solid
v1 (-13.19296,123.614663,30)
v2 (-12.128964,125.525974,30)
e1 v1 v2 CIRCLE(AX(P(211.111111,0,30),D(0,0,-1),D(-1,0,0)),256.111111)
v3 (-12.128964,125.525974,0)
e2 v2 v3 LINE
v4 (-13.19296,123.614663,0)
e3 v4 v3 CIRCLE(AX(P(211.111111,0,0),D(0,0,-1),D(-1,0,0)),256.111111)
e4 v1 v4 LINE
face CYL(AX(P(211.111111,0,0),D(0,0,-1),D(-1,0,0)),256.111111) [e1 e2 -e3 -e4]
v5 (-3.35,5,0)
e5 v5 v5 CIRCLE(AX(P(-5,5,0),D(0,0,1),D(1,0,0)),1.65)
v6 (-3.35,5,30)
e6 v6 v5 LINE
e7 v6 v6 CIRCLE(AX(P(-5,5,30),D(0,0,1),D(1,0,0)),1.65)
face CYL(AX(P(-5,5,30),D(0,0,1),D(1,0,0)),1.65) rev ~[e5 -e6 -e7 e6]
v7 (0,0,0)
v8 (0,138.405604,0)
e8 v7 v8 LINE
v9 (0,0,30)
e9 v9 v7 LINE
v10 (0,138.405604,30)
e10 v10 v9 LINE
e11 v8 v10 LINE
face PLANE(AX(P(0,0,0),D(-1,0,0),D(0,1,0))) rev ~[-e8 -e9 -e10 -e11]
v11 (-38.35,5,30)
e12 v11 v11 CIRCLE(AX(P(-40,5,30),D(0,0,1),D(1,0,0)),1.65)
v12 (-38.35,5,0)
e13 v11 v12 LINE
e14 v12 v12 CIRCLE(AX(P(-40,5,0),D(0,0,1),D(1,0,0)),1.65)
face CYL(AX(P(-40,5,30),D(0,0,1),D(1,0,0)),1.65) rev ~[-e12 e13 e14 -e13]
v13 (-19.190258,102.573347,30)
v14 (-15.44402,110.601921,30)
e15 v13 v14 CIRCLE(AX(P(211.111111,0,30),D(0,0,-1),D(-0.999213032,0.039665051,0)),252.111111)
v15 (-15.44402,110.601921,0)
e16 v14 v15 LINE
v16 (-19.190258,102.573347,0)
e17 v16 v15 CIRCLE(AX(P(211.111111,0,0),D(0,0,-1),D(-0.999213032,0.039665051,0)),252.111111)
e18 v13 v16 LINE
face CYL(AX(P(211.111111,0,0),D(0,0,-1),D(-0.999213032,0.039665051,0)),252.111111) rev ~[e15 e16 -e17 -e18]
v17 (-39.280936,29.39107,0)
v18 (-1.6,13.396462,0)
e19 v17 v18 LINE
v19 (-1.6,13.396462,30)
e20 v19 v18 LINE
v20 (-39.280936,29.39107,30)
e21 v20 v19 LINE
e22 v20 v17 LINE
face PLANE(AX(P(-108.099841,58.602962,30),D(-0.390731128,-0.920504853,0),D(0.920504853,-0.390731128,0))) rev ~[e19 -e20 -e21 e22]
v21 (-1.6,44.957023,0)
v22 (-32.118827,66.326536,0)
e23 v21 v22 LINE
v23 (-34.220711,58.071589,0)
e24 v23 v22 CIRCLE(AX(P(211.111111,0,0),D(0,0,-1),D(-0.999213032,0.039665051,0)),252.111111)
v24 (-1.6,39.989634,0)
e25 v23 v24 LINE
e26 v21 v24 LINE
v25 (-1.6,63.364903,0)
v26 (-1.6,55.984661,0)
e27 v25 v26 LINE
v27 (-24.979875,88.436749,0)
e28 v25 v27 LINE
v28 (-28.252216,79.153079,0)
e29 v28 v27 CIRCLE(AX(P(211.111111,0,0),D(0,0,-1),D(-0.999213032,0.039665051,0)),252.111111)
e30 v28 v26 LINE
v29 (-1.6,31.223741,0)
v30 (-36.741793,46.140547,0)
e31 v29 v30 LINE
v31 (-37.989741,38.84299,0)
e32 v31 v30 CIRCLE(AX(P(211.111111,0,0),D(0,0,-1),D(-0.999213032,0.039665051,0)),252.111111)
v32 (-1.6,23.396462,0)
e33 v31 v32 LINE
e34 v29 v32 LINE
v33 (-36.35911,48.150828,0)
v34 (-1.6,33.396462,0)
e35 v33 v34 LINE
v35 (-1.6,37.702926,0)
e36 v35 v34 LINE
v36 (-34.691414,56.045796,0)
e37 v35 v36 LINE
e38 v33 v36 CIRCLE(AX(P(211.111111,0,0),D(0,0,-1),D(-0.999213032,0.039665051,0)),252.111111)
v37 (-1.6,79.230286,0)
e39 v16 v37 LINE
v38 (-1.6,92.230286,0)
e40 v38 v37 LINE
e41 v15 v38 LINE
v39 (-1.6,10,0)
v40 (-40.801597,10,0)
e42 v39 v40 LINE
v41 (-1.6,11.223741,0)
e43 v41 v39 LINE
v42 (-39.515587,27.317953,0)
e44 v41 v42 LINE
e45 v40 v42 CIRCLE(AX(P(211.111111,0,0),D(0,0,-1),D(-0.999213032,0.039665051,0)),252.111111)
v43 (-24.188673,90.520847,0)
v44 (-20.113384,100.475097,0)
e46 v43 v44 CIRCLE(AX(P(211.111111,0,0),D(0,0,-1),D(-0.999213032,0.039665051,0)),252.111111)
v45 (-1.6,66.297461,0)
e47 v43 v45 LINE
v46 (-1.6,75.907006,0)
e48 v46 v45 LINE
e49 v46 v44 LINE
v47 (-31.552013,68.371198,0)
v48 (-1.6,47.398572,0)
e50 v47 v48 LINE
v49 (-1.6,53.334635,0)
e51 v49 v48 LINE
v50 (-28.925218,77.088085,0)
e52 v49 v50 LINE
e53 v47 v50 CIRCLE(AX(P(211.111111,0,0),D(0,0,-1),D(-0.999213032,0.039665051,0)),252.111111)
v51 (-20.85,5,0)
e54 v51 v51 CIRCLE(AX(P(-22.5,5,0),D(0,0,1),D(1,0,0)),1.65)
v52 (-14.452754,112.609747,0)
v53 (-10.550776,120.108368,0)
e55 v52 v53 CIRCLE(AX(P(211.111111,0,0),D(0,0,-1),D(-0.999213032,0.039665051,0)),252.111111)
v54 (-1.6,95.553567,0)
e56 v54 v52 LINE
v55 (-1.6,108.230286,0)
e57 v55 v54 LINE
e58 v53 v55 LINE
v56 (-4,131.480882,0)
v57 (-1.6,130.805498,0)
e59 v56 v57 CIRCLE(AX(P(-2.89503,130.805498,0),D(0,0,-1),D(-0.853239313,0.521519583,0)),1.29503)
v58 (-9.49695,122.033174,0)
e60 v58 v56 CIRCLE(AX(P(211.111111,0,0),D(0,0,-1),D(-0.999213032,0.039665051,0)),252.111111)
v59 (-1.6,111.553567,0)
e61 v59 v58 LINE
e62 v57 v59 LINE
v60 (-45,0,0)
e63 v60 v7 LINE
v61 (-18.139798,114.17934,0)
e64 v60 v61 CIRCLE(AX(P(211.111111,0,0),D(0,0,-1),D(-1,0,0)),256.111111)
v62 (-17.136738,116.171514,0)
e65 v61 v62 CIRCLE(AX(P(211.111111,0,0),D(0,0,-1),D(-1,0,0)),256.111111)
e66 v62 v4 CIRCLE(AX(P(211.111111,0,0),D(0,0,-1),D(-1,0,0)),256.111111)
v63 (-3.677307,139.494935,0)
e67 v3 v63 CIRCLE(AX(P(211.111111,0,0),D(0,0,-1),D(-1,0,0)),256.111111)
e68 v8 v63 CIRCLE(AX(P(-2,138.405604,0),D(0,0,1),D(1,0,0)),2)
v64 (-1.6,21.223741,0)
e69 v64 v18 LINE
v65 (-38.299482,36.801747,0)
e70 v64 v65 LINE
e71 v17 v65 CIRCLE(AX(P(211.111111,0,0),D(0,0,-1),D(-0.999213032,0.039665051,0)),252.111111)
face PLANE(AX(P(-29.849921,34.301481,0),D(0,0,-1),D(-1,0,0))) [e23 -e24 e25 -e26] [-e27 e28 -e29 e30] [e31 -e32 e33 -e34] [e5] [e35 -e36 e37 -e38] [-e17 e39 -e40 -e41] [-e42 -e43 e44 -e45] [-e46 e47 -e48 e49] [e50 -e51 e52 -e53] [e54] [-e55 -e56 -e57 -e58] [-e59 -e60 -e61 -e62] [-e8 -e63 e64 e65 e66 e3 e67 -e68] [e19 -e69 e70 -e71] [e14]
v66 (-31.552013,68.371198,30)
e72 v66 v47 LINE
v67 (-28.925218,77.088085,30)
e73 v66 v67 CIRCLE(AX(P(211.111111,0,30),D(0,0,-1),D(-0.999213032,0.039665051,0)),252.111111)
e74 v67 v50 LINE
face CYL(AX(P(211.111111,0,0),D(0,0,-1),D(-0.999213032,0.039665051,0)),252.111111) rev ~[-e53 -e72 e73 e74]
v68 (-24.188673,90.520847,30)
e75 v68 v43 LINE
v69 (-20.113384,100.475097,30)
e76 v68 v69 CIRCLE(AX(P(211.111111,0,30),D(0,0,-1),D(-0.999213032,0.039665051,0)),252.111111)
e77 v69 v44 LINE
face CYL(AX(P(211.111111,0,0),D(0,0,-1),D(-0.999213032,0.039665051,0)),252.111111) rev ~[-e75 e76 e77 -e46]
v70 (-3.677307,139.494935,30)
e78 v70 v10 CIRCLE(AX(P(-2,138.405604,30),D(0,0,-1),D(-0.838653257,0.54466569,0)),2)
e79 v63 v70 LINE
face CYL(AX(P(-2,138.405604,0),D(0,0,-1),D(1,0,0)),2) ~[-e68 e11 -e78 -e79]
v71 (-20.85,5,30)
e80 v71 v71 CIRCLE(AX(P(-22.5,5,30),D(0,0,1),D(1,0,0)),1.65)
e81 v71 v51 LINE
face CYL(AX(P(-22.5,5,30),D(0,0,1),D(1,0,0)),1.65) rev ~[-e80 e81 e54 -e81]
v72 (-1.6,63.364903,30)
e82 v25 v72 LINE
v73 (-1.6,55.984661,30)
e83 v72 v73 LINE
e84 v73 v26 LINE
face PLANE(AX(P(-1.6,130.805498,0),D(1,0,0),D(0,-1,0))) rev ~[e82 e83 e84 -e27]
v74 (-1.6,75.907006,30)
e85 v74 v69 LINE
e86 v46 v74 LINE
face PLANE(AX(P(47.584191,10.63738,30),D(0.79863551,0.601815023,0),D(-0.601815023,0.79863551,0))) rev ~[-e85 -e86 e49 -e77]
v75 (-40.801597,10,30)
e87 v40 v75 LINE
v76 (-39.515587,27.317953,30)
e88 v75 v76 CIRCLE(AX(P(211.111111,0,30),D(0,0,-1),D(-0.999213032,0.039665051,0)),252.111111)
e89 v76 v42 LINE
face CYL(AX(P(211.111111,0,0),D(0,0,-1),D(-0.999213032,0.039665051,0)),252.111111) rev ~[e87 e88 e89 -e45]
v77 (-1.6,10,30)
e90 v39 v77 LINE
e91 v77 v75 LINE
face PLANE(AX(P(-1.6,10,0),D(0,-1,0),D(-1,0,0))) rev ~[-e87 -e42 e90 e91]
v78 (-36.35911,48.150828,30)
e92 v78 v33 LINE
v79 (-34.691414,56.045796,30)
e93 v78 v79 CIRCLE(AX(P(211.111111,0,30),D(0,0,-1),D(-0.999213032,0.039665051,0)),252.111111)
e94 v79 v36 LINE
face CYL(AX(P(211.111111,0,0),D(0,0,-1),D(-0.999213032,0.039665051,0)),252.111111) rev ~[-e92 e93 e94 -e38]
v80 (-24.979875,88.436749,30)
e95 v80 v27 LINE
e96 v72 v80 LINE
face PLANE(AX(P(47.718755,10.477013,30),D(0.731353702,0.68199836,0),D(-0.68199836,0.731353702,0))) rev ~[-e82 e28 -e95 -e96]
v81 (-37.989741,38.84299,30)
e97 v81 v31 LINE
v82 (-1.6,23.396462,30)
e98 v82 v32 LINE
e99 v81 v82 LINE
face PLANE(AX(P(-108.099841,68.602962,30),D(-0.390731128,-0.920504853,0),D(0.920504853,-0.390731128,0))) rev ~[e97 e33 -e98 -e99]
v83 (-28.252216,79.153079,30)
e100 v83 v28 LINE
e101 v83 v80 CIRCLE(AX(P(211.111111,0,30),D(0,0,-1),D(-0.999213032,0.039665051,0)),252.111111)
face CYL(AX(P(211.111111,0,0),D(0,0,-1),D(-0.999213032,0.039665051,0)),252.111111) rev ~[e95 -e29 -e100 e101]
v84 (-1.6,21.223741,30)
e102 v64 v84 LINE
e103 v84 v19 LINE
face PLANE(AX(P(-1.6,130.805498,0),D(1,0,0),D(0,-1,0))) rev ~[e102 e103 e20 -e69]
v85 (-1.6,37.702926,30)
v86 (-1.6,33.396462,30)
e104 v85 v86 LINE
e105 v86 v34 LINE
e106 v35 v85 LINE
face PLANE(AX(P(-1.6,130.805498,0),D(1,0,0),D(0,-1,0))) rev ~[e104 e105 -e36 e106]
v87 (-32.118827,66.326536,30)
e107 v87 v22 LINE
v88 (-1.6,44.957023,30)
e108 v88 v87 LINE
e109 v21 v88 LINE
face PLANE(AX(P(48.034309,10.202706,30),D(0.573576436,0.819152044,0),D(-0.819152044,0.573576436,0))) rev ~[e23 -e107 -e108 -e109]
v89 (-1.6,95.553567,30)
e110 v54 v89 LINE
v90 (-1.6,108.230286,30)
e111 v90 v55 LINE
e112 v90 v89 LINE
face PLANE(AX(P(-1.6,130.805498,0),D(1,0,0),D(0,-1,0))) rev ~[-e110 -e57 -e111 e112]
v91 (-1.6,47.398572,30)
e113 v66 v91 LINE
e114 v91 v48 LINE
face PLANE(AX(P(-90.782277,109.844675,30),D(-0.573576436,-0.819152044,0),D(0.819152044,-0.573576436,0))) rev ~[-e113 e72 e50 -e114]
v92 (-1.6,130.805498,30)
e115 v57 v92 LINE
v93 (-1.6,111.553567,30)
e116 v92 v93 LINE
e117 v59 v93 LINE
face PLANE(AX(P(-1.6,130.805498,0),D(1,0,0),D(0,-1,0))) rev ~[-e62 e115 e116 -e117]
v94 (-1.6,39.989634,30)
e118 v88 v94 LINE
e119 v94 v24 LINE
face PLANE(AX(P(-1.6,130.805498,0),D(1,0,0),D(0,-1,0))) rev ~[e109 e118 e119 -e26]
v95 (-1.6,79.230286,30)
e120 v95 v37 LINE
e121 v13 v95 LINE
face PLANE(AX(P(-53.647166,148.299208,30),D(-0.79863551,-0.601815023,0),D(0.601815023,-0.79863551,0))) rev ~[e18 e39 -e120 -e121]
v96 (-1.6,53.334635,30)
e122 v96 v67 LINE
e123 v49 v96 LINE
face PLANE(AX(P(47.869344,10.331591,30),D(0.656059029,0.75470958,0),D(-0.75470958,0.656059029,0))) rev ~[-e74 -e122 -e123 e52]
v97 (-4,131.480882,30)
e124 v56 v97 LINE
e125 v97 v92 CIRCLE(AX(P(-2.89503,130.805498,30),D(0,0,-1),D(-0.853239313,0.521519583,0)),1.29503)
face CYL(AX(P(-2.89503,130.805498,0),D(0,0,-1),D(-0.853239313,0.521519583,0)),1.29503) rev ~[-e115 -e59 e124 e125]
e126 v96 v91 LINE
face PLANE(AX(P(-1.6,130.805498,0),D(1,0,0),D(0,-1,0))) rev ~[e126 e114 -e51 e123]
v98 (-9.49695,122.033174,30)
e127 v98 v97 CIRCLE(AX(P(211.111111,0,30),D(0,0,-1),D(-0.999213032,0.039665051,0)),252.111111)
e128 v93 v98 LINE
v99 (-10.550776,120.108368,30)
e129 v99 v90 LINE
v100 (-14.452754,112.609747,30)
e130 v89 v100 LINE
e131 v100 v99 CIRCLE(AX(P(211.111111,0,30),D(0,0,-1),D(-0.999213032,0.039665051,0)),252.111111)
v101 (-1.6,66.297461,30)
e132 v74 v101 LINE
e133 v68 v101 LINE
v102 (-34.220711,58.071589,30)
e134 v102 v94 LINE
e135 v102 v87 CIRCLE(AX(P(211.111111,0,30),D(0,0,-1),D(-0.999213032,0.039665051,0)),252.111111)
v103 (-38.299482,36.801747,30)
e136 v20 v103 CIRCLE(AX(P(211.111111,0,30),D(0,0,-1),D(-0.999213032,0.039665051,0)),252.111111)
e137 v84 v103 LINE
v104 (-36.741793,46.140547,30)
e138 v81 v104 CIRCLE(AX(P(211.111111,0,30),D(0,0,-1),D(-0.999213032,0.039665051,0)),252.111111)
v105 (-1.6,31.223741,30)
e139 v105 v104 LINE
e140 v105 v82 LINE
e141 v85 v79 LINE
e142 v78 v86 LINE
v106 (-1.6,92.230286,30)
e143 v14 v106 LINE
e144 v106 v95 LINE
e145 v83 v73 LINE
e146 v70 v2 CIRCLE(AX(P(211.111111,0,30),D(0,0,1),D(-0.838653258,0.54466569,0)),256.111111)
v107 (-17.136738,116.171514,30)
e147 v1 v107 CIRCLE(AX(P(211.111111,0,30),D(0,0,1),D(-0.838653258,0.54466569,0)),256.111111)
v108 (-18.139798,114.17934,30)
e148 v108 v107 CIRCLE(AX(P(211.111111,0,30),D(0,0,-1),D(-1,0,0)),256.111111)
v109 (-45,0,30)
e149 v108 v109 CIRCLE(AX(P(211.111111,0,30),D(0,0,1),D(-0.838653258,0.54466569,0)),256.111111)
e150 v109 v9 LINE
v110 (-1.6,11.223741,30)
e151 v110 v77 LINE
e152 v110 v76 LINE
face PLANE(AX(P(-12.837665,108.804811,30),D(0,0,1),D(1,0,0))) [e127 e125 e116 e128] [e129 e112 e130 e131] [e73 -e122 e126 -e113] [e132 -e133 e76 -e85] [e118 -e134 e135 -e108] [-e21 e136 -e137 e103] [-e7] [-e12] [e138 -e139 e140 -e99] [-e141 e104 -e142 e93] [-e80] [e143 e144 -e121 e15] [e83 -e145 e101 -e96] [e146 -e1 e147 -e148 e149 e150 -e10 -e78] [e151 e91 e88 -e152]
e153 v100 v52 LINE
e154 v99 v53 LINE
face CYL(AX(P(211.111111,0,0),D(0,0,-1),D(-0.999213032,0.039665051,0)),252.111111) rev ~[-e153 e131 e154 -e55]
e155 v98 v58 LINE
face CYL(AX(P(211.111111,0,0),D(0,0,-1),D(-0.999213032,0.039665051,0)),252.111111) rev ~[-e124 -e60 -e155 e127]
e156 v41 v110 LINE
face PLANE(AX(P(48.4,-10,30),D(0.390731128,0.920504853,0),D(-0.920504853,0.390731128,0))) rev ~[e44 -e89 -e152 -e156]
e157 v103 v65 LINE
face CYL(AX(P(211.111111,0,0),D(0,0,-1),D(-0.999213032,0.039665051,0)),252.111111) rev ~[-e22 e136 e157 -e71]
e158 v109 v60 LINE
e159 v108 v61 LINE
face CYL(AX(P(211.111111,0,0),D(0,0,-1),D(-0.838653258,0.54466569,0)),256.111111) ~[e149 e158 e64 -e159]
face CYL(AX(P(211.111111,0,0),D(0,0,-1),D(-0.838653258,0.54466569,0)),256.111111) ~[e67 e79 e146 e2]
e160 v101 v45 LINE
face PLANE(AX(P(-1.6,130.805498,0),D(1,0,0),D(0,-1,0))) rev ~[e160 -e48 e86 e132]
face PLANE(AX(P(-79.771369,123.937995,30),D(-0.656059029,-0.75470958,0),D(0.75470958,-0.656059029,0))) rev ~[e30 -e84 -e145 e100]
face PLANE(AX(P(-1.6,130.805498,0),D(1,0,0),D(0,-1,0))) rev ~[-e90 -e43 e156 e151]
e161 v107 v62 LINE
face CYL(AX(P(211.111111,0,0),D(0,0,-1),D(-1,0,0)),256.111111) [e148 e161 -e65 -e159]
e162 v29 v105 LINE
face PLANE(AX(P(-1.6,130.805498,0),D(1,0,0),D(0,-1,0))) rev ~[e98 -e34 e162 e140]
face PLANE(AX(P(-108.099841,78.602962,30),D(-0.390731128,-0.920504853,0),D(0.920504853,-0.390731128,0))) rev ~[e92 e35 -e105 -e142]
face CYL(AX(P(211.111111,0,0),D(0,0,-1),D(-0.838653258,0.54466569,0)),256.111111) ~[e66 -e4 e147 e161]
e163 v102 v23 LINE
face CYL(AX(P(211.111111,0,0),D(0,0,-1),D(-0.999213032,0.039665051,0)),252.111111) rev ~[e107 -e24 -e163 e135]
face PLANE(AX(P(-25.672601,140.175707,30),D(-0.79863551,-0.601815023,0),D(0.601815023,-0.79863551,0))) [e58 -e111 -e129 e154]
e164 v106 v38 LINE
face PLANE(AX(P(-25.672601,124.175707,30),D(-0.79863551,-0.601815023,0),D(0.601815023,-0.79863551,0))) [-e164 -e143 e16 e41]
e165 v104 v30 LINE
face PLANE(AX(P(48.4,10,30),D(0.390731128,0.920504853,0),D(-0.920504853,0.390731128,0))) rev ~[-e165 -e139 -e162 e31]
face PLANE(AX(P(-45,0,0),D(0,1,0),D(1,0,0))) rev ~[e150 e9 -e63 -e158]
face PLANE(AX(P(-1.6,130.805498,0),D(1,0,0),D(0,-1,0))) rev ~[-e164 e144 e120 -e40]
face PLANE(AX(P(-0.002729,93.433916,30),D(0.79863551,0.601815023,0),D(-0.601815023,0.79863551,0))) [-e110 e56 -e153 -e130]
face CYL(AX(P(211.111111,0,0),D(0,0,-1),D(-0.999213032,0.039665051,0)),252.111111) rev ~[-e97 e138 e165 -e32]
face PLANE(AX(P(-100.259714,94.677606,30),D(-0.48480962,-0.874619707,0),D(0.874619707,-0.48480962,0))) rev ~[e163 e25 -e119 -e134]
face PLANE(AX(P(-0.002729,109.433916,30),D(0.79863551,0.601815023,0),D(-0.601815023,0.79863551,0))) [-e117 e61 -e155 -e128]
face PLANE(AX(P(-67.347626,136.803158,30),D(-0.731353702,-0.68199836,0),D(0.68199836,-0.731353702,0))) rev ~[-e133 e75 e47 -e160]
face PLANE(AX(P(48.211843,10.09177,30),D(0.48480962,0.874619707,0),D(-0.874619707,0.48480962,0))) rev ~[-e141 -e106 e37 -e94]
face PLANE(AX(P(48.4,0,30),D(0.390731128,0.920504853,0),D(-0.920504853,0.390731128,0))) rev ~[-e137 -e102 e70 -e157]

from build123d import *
from build123d.topology import SkipClean

# Parameters (mm, degrees)
BOSS_EXTRUDE4_DEPTH = 30
SKETCH12_R          = 1.65
CUT_EXTRUDE1_DEPTH  = 151.461734423
CUT_EXTRUDE2_START  = -20
CUT_EXTRUDE2_DEPTH  = 20
CUT_EXTRUDE3_START  = -30
CUT_EXTRUDE3_DEPTH  = 30
BOSS_EXTRUDE5_DEPTH = 30
CIRPATTERN1_COUNT   = 6
CIRPATTERN1_ANGLE   = 30
LPATTERN2_COUNT     = 3
LPATTERN2_PITCH     = 10
CUT_EXTRUDE4_START  = -30
CUT_EXTRUDE4_DEPTH  = 30
BOSS_EXTRUDE7_DEPTH = 30
LPATTERN3_COUNT     = 2
LPATTERN3_PITCH     = 16
CUT_EXTRUDE5_START  = -30
CUT_EXTRUDE5_DEPTH  = 30


with BuildPart() as part:
    # Sketch5 → Boss-Extrude4 (new body)
    with BuildSketch(Plane.XY):
        with BuildLine():
            Line((0, 0), (0, 138.405603612))
            ThreePointArc((0, 138.405603612), (-1.431938837, 140.323234054), (-3.677306515, 139.494934991))
            ThreePointArc((-3.677306515, 139.494934991), (-34.45212059, 72.743387818), (-45, 0))
            Line((-45, 0), (0, 0))
        make_face()
        with BuildLine():
            Line((-1.6, 10), (-40.801596678, 10))
            ThreePointArc((-40.801596678, 10), (-30.171322984, 73.09445494), (-4, 131.480881584))
            ThreePointArc((-4, 131.480881584), (-2.54422163, 132.052107892), (-1.6, 130.805498221))
            Line((-1.6, 130.805498221), (-1.6, 10))
        make_face(mode=Mode.SUBTRACT)
    extrude(amount=BOSS_EXTRUDE4_DEPTH)

    # Sketch12 → Cut-Extrude1 (cut, through all)
    with BuildSketch(Plane.XY.offset(30)):
        with Locations((-40, 5)):
            Circle(SKETCH12_R)
        with Locations((-22.5, 5)):
            Circle(SKETCH12_R)
        with Locations((-5, 5)):
            Circle(SKETCH12_R)
    extrude(amount=-CUT_EXTRUDE1_DEPTH, mode=Mode.SUBTRACT)

    # Sketch17 → Cut-Extrude2 (cut)
    with BuildSketch(Plane.XY.offset(30).offset(CUT_EXTRUDE2_START)):
        Polygon((-109.129206393, -31.174044695), (890.870793607, -18.386269912), (884.13367644, 508.454191469), (-120.638203698, 868.825955305), (-717.462714608, 272.001444394), align=None)
        with BuildLine():
            Line((-45, 0), (0, 0))
            Line((0, 0), (0, 138.405603612))
            ThreePointArc((0, 138.405603612), (-0.890765175, 140.069814567), (-2.769598102, 140.25160436))
            ThreePointArc((-2.769598102, 140.25160436), (-57.041683198, 80.109492203), (-45, 0))
        make_face(mode=Mode.SUBTRACT)
    extrude(amount=CUT_EXTRUDE2_DEPTH, mode=Mode.SUBTRACT)

    # Sketch18 → Cut-Extrude3 (cut)
    with BuildSketch(Plane.XY.offset(30).offset(CUT_EXTRUDE3_START)):
        Polygon((10.567687301, -7.152622061), (26.572035637, 318.782087337), (-234.729728554, 306.471050155), (-205.798791176, -46.855716973), align=None)
        with BuildLine():
            Line((-45, 0), (0, 0))
            Line((0, 0), (0, 138.405603612))
            ThreePointArc((0, 138.405603612), (-1.431938837, 140.323234054), (-3.677306515, 139.494934991))
            ThreePointArc((-3.677306515, 139.494934991), (-34.45212059, 72.743387818), (-45, 0))
        make_face(mode=Mode.SUBTRACT)
    extrude(amount=CUT_EXTRUDE3_DEPTH, mode=Mode.SUBTRACT)

    # Sketch14 → Boss-Extrude5 (add)
    with BuildSketch(Plane.XY.offset(30)):
        Polygon((48.4, 10), (-108.88130356, 76.761952422), (-108.099841303, 78.602962129), (49.181462257, 11.841009707), align=None)
    boss_extrude5 = extrude(amount=-BOSS_EXTRUDE5_DEPTH)

    # CirPattern1: Boss-Extrude5 ×6 about axis
    cirpattern1_axis = Axis((49.181462257, 11.841009707, 0), (0, 0, -1))
    for i in range(1, CIRPATTERN1_COUNT):
        add(boss_extrude5.rotate(cirpattern1_axis, i * CIRPATTERN1_ANGLE / (CIRPATTERN1_COUNT - 1)))

    # LPattern2: Boss-Extrude5 ×3
    with Locations(*[(0, -i * LPATTERN2_PITCH, 0) for i in range(1, LPATTERN2_COUNT)]):
        add(boss_extrude5)

    # Sketch20 → Cut-Extrude4 (cut)
    with BuildSketch(Plane.XY.offset(30).offset(CUT_EXTRUDE4_START)):
        Polygon((77.475806055, -29.017161833), (-265.551297842, 6.523481062), (-137.36538358, 367.52057294), (154.147754773, 113.145409747), align=None)
        with BuildLine():
            Line((-45, 0), (0, 0))
            Line((0, 0), (0, 138.405603612))
            ThreePointArc((0, 138.405603612), (-1.431938837, 140.323234054), (-3.677306515, 139.494934991))
            ThreePointArc((-3.677306515, 139.494934991), (-34.45212059, 72.743387818), (-45, 0))
        make_face(mode=Mode.SUBTRACT)
    extrude(amount=CUT_EXTRUDE4_DEPTH, mode=Mode.SUBTRACT)

    # Sketch21 → Boss-Extrude7 (add)
    with BuildSketch(Plane.XY.offset(30)):
        Polygon((-1.6, 92.230286229), (-0.00272898, 93.433916276), (-24.075329906, 125.379336678), (-25.672600926, 124.175706631), align=None)
    boss_extrude7 = extrude(amount=-BOSS_EXTRUDE7_DEPTH)

    # LPattern3: Boss-Extrude7 ×2
    with Locations(*[(0, i * LPATTERN3_PITCH, 0) for i in range(1, LPATTERN3_COUNT)]):
        add(boss_extrude7)

    # Sketch22 → Cut-Extrude5 (cut)
    with SkipClean():  # the faces are left unmerged after this step: merging them gives an invalid solid
        with BuildSketch(Plane.XY.offset(30).offset(CUT_EXTRUDE5_START)):
            Polygon((-56.498976092, -6.715699617), (29.926379711, -13.421115154), (17.260594809, 198.668694776), (-109.397254213, 188.734745833), align=None)
            with BuildLine():
                Line((0, 138.405603612), (0, 0))
                Line((0, 0), (-45, 0))
                ThreePointArc((-45, 0), (-34.45212059, 72.743387818), (-3.677306515, 139.494934991))
                ThreePointArc((-3.677306515, 139.494934991), (-1.431938837, 140.323234054), (0, 138.405603612))
            make_face(mode=Mode.SUBTRACT)
        extrude(amount=CUT_EXTRUDE5_DEPTH, mode=Mode.SUBTRACT)


solid = part.part
